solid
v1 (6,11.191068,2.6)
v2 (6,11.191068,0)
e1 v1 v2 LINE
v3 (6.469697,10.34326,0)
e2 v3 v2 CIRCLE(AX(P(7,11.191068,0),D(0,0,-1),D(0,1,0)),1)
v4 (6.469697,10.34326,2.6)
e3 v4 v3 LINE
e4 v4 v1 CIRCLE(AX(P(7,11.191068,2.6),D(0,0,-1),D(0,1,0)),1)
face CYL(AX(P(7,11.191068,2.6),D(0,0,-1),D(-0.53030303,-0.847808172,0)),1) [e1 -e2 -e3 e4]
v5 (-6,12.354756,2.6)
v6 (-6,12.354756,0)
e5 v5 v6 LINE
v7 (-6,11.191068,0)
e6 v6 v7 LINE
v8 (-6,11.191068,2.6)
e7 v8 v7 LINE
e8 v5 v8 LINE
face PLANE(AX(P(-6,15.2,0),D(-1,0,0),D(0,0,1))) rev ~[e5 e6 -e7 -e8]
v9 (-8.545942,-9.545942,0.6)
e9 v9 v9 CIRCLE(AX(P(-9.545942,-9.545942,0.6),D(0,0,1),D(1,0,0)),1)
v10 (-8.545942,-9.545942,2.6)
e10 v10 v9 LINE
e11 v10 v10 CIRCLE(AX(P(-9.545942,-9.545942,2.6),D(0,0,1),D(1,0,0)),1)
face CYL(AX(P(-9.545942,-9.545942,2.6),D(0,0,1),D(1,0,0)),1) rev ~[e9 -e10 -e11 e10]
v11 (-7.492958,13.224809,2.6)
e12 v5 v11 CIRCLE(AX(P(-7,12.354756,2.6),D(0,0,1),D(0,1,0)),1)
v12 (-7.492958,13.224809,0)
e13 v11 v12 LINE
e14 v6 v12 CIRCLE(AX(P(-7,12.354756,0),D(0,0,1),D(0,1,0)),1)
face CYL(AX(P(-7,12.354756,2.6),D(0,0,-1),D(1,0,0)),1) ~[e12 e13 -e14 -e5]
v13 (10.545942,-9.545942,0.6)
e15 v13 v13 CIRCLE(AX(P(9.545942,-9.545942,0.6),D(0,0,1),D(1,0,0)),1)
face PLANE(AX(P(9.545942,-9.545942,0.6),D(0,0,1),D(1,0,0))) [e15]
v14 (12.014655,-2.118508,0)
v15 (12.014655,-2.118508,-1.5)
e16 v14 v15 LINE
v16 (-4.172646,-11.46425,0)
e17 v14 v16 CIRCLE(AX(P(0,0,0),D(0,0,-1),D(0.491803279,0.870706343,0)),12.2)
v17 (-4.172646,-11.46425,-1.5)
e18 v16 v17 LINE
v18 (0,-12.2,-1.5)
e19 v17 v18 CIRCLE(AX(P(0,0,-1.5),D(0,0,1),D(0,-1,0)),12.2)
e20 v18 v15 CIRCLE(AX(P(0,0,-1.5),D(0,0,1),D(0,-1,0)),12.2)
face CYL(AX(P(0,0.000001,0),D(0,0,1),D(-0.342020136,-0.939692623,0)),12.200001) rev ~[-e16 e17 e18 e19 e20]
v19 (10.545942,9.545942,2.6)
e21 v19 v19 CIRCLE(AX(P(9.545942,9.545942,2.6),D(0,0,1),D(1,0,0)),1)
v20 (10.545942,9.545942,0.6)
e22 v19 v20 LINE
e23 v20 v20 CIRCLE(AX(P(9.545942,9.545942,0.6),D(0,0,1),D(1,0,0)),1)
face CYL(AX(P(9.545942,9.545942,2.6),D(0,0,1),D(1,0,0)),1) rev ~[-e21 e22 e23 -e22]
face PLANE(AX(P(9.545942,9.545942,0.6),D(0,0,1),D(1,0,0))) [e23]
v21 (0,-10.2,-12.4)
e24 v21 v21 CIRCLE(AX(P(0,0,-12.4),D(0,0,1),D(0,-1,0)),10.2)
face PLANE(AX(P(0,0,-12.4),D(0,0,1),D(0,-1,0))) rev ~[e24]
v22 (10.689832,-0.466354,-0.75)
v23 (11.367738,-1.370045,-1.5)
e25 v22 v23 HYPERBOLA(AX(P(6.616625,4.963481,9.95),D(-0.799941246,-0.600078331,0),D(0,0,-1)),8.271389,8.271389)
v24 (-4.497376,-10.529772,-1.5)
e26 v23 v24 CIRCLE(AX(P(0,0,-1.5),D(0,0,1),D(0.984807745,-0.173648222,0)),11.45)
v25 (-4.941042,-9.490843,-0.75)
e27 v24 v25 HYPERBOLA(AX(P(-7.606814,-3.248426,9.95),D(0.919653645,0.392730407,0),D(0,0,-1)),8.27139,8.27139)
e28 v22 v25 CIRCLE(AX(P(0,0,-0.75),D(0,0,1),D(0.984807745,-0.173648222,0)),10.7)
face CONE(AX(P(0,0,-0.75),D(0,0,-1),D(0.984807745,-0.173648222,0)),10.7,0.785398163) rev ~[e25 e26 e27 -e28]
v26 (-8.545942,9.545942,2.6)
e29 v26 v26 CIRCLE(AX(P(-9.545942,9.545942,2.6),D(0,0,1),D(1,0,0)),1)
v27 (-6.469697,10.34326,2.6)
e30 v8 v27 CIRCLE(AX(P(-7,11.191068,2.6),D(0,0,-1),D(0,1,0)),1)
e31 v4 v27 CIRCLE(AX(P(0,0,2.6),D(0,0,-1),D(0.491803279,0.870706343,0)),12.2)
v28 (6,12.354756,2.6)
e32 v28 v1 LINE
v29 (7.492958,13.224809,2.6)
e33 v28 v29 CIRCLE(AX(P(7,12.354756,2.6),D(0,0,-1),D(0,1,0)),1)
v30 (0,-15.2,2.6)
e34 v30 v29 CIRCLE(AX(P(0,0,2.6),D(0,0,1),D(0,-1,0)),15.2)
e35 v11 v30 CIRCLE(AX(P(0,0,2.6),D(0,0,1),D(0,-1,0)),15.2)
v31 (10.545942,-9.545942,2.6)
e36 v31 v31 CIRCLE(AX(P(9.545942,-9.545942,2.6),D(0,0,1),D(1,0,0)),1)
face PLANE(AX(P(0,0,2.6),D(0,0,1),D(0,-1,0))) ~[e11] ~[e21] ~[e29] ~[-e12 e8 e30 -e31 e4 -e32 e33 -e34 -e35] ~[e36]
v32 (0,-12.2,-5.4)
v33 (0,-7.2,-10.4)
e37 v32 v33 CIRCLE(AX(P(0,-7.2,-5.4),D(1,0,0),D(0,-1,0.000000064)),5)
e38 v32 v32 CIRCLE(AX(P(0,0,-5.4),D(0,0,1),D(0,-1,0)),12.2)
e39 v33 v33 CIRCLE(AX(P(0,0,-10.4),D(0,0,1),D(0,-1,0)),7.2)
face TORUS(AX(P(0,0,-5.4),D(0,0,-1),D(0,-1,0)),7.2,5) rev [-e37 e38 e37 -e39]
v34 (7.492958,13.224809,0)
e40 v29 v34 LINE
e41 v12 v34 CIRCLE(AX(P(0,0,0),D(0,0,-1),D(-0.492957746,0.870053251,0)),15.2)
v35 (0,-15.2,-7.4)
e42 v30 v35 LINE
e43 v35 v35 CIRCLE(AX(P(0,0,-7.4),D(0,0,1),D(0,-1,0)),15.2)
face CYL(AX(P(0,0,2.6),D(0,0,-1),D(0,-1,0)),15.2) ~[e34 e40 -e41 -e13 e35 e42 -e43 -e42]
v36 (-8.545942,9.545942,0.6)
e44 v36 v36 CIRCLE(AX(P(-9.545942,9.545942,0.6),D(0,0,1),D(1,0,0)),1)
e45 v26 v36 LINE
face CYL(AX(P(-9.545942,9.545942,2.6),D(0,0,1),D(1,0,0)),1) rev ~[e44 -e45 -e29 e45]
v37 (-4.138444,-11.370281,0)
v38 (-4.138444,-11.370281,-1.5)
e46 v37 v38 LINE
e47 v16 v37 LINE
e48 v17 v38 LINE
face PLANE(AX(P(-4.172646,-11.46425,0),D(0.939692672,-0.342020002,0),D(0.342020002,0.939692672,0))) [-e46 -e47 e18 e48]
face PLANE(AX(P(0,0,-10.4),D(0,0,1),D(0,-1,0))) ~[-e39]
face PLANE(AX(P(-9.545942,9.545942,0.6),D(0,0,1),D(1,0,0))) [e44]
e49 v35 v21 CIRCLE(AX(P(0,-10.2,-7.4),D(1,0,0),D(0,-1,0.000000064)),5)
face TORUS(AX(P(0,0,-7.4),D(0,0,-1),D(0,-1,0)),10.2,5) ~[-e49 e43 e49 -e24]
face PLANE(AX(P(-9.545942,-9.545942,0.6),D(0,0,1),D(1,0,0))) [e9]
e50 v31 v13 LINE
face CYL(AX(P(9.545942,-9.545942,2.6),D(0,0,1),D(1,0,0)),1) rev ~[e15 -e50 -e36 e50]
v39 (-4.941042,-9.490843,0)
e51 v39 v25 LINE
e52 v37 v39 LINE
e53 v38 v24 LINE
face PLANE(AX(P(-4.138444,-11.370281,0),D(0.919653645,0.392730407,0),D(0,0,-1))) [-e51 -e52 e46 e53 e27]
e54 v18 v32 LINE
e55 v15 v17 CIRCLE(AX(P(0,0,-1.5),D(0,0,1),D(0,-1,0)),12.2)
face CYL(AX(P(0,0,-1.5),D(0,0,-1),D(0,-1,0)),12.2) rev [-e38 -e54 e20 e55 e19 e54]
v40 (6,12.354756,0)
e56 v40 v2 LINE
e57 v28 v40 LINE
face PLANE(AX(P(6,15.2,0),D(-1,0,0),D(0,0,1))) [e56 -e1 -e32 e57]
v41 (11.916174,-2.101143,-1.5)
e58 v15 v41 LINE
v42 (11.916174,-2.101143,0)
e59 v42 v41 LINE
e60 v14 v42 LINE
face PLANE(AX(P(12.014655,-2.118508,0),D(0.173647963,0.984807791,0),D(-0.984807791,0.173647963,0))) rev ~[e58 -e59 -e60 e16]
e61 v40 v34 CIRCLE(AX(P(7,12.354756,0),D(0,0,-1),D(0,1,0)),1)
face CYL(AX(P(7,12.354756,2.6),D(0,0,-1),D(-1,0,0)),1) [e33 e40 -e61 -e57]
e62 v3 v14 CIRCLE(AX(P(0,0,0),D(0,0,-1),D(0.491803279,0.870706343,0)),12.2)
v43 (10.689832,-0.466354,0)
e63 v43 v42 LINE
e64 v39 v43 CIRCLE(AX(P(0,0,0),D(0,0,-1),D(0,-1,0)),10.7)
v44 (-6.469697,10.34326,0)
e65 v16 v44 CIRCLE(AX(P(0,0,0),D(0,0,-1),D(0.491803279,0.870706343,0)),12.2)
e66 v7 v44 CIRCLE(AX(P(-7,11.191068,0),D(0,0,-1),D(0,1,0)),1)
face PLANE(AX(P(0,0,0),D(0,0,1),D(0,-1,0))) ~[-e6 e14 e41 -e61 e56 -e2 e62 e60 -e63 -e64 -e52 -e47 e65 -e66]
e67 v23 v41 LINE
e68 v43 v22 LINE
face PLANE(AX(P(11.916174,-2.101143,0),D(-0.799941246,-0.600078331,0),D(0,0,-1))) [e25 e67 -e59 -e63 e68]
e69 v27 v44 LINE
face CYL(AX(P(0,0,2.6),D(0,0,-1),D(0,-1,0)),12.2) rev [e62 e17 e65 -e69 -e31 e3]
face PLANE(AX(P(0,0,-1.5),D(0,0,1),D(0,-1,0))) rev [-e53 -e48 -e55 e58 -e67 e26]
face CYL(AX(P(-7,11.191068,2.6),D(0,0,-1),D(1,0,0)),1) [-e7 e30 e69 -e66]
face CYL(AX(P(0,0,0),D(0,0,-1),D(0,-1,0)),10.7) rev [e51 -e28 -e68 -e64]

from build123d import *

# Parameters (mm, degrees)
SKETCH002_W     = 12
SKETCH002_H     = 2.6
POCKET_DEPTH    = 7
POCKET001_DEPTH = 1.5
FILLET_R        = 1
CHAMFER_SIZE    = 0.75
CHAMFER001_SIZE = 1.4
SKETCH013_R     = 1
POCKET007_DEPTH = 2


with BuildPart() as part:
    # Sketch → Revolution (revolve)
    with BuildSketch(Plane.YZ):
        with BuildLine():
            Line((-12.2, 2.6), (-15.2, 2.6))
            Line((-15.2, 2.6), (-15.2, -7.4))
            ThreePointArc((-15.2, -7.4), (-13.735534, -10.935534), (-10.2, -12.4))
            Line((-10.2, -12.4), (0, -12.4))
            Line((0, -12.4), (0, -10.4))
            Line((0, -10.4), (-7.2, -10.4))
            ThreePointArc((-12.2, -5.4), (-10.735534, -8.935534), (-7.2, -10.4))
            Line((-12.2, -1.5), (-12.2, -5.4))
            Line((-10.7, -1.5), (-12.2, -1.5))
            Line((-10.7, 0), (-10.7, -1.5))
            Line((-10.7, 0), (-12.2, 0))
            Line((-12.2, 2.6), (-12.2, 0))
        make_face()
    revolve(axis=Axis((0, 0, 0), (0, 0, 1)))

    # Sketch002 (on DatumPlane) → Pocket (cut)
    with BuildSketch(Plane(origin=(0, 15.2, 0), x_dir=(-1, 0, 0), z_dir=(0, 1, 0))):
        with Locations((0, 1.3)):
            Rectangle(SKETCH002_W, SKETCH002_H)
    extrude(amount=-POCKET_DEPTH, mode=Mode.SUBTRACT)

    # Sketch003 → Pocket001 (cut)
    with BuildSketch(Plane.XY):
        with BuildLine():
            ThreePointArc((-4.172646, -11.46425), (6.1, -10.56551), (12.014655, -2.118508))
            Line((12.014655, -2.118508), (10.537443, -1.858036))
            ThreePointArc((-3.659616, -10.054711), (5.35, -9.266472), (10.537443, -1.858036))
            Line((-4.172646, -11.46425), (-3.659616, -10.054711))
        make_face()
    extrude(amount=-POCKET001_DEPTH, mode=Mode.SUBTRACT)

    # Fillet
    fillet_edges = [part.edges().sort_by_distance(p)[0] for p in [
        (6, 10.622617, 1.3),
        (6, 13.965672, 1.3),
        (-6, 10.622617, 1.3),
        (-6, 13.965672, 1.3),
    ]]
    fillet(fillet_edges, radius=FILLET_R)

    # Chamfer
    chamfer_edges = [part.edges().sort_by_distance(p)[0] for p in [
        (-5.35, 9.266472, -1.5),
    ]]
    chamfer(chamfer_edges, length=CHAMFER_SIZE)

    # Chamfer001
    chamfer001_edges = [part.edges().sort_by_distance(p)[0] for p in [
        (-3.659616, -10.054711, -0.375),
        (10.537443, -1.858036, -0.375),
    ]]
    chamfer(chamfer001_edges, length=CHAMFER001_SIZE)

    # Sketch013 → Pocket007 (cut)
    with BuildSketch(Plane.XY.offset(2.6)):
        with Locations((9.545942, 9.545942)):
            Circle(SKETCH013_R)
        with Locations((-9.545942, 9.545942)):
            Circle(SKETCH013_R)
        with Locations((-9.545942, -9.545942)):
            Circle(SKETCH013_R)
        with Locations((9.545942, -9.545942)):
            Circle(SKETCH013_R)
    extrude(amount=-POCKET007_DEPTH, mode=Mode.SUBTRACT)


solid = part.part
